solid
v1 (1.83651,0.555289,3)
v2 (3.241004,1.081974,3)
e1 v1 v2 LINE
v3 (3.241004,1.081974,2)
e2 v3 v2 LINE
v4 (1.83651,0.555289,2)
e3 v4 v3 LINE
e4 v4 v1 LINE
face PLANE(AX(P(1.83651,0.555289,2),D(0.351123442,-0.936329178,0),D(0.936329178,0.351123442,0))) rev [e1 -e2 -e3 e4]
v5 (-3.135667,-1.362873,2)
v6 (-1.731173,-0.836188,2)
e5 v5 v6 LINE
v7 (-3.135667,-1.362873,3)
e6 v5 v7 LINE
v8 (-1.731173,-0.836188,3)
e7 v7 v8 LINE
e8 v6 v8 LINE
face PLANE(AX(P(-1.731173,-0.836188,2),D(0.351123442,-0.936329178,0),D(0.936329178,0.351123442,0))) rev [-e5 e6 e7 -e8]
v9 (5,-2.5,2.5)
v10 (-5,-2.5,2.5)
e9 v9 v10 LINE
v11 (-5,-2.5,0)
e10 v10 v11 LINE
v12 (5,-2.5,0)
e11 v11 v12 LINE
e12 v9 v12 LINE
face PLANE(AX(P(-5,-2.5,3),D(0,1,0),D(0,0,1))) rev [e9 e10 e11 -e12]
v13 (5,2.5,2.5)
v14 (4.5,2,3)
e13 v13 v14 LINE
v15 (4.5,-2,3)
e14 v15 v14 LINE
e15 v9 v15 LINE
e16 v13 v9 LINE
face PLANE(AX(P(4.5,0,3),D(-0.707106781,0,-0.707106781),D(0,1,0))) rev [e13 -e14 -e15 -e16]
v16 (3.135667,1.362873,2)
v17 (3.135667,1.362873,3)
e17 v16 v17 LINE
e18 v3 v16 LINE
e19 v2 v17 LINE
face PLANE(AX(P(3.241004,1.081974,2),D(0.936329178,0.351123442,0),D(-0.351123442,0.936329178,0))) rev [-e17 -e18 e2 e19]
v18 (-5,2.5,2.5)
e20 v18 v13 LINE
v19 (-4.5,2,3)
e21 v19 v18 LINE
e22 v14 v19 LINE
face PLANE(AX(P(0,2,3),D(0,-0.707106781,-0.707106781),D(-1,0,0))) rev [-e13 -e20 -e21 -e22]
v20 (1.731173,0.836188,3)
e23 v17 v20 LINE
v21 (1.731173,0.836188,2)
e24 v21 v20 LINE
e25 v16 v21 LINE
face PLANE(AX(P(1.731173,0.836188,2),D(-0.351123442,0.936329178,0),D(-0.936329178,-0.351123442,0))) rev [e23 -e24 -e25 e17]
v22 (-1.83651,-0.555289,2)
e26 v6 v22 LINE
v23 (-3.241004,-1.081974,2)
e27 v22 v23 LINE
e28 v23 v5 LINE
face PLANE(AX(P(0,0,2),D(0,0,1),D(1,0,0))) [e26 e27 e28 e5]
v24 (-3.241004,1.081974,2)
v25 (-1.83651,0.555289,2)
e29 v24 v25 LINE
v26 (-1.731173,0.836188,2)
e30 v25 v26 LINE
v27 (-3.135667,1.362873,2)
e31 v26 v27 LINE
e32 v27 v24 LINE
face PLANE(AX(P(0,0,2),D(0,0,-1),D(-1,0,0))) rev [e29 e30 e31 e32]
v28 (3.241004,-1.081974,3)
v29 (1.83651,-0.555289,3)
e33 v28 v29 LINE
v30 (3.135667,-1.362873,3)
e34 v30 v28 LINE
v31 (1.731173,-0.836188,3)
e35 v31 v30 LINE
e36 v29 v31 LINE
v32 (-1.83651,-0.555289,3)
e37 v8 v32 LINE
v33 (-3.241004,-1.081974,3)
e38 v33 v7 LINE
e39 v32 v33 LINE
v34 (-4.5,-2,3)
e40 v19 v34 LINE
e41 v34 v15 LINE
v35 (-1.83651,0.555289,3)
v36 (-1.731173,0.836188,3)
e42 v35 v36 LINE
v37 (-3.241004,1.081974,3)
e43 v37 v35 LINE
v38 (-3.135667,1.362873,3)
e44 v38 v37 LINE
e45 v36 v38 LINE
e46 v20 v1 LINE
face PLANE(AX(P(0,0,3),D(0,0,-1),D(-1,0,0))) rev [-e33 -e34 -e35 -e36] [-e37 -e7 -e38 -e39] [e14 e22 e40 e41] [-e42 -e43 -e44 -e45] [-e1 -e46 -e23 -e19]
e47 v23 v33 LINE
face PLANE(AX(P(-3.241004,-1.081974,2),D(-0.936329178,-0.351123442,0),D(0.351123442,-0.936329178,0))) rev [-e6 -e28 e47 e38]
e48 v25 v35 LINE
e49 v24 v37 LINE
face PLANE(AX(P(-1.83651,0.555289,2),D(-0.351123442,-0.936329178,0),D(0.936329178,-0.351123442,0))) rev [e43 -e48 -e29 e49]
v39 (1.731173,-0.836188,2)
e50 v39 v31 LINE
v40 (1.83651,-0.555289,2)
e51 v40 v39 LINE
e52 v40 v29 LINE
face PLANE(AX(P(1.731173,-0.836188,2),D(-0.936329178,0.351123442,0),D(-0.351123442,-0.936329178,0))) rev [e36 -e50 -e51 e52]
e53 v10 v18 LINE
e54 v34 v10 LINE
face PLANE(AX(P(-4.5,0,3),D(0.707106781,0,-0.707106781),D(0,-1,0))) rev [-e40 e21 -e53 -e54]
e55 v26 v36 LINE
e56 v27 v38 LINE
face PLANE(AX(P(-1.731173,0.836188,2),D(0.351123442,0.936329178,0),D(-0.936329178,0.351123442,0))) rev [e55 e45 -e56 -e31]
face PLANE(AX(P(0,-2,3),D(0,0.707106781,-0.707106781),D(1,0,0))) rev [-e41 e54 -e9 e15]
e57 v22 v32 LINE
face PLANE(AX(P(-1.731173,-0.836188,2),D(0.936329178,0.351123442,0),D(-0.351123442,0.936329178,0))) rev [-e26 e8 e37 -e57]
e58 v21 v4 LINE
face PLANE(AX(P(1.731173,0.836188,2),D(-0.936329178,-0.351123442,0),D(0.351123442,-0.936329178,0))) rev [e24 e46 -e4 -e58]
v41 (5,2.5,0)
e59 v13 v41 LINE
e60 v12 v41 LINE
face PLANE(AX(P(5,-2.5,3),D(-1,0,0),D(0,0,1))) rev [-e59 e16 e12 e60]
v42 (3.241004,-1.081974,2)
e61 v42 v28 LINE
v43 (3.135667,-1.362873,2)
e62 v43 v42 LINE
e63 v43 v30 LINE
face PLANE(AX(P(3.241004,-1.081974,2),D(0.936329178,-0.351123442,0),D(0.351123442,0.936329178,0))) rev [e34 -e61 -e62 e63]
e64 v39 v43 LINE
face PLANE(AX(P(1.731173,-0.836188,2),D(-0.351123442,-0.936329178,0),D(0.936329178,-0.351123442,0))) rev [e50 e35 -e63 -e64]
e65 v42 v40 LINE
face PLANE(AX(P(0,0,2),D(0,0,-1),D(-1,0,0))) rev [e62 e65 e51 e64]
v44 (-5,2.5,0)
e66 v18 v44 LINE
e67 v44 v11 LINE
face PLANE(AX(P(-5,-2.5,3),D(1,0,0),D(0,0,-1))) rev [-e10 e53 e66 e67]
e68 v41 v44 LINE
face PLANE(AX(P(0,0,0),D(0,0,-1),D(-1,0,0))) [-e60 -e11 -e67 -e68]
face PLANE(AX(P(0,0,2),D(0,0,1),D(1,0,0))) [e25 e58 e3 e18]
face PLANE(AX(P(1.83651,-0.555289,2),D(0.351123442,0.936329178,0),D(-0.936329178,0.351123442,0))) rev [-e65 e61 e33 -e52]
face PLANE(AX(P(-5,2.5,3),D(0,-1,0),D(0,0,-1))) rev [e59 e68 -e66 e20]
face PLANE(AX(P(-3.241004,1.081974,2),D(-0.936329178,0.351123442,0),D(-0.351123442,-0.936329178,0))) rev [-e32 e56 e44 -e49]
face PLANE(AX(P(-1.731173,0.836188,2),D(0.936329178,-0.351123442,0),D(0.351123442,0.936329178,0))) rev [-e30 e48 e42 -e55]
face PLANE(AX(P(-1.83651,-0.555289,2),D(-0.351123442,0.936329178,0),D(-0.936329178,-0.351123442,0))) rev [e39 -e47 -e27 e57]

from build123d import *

# Parameters (mm, degrees)
SKETCH_1_W          = 10
SKETCH_1_H          = 5
EXTRUDE_1_DEPTH     = 3
CHAMFER_1_SIZE      = 0.5
CUT_EXTRUDE_1_DEPTH = 1


with BuildPart() as part:
    # 草图1 → 凸台-拉伸1 (new body)
    with BuildSketch(Plane.XY):
        Rectangle(SKETCH_1_W, SKETCH_1_H)
    extrude(amount=EXTRUDE_1_DEPTH)

    # 倒角1
    chamfer_1_edges = [part.edges().sort_by_distance(p)[0] for p in [
        (-5, 0, 3),
        (0, -2.5, 3),
        (5, 0, 3),
        (0, 2.5, 3),
    ]]
    chamfer(chamfer_1_edges, length=CHAMFER_1_SIZE)

    # 草图2 → 切除-拉伸1 (cut)
    with BuildSketch(Plane.XY.offset(3)):
        Polygon((1.731172959, 0.836187535), (1.836509992, 0.555288782), (3.241003758, 1.081973944), (3.135666725, 1.362872698), align=None)
        Polygon((-1.731172959, 0.836187535), (-3.135666725, 1.362872698), (-3.241003758, 1.081973944), (-1.836509992, 0.555288782), align=None)
        Polygon((1.731172959, -0.836187535), (3.135666725, -1.362872698), (3.241003758, -1.081973944), (1.836509992, -0.555288782), align=None)
        Polygon((-1.731172959, -0.836187535), (-1.836509992, -0.555288782), (-3.241003758, -1.081973944), (-3.135666725, -1.362872698), align=None)
    extrude(amount=-CUT_EXTRUDE_1_DEPTH, mode=Mode.SUBTRACT)


solid = part.part
